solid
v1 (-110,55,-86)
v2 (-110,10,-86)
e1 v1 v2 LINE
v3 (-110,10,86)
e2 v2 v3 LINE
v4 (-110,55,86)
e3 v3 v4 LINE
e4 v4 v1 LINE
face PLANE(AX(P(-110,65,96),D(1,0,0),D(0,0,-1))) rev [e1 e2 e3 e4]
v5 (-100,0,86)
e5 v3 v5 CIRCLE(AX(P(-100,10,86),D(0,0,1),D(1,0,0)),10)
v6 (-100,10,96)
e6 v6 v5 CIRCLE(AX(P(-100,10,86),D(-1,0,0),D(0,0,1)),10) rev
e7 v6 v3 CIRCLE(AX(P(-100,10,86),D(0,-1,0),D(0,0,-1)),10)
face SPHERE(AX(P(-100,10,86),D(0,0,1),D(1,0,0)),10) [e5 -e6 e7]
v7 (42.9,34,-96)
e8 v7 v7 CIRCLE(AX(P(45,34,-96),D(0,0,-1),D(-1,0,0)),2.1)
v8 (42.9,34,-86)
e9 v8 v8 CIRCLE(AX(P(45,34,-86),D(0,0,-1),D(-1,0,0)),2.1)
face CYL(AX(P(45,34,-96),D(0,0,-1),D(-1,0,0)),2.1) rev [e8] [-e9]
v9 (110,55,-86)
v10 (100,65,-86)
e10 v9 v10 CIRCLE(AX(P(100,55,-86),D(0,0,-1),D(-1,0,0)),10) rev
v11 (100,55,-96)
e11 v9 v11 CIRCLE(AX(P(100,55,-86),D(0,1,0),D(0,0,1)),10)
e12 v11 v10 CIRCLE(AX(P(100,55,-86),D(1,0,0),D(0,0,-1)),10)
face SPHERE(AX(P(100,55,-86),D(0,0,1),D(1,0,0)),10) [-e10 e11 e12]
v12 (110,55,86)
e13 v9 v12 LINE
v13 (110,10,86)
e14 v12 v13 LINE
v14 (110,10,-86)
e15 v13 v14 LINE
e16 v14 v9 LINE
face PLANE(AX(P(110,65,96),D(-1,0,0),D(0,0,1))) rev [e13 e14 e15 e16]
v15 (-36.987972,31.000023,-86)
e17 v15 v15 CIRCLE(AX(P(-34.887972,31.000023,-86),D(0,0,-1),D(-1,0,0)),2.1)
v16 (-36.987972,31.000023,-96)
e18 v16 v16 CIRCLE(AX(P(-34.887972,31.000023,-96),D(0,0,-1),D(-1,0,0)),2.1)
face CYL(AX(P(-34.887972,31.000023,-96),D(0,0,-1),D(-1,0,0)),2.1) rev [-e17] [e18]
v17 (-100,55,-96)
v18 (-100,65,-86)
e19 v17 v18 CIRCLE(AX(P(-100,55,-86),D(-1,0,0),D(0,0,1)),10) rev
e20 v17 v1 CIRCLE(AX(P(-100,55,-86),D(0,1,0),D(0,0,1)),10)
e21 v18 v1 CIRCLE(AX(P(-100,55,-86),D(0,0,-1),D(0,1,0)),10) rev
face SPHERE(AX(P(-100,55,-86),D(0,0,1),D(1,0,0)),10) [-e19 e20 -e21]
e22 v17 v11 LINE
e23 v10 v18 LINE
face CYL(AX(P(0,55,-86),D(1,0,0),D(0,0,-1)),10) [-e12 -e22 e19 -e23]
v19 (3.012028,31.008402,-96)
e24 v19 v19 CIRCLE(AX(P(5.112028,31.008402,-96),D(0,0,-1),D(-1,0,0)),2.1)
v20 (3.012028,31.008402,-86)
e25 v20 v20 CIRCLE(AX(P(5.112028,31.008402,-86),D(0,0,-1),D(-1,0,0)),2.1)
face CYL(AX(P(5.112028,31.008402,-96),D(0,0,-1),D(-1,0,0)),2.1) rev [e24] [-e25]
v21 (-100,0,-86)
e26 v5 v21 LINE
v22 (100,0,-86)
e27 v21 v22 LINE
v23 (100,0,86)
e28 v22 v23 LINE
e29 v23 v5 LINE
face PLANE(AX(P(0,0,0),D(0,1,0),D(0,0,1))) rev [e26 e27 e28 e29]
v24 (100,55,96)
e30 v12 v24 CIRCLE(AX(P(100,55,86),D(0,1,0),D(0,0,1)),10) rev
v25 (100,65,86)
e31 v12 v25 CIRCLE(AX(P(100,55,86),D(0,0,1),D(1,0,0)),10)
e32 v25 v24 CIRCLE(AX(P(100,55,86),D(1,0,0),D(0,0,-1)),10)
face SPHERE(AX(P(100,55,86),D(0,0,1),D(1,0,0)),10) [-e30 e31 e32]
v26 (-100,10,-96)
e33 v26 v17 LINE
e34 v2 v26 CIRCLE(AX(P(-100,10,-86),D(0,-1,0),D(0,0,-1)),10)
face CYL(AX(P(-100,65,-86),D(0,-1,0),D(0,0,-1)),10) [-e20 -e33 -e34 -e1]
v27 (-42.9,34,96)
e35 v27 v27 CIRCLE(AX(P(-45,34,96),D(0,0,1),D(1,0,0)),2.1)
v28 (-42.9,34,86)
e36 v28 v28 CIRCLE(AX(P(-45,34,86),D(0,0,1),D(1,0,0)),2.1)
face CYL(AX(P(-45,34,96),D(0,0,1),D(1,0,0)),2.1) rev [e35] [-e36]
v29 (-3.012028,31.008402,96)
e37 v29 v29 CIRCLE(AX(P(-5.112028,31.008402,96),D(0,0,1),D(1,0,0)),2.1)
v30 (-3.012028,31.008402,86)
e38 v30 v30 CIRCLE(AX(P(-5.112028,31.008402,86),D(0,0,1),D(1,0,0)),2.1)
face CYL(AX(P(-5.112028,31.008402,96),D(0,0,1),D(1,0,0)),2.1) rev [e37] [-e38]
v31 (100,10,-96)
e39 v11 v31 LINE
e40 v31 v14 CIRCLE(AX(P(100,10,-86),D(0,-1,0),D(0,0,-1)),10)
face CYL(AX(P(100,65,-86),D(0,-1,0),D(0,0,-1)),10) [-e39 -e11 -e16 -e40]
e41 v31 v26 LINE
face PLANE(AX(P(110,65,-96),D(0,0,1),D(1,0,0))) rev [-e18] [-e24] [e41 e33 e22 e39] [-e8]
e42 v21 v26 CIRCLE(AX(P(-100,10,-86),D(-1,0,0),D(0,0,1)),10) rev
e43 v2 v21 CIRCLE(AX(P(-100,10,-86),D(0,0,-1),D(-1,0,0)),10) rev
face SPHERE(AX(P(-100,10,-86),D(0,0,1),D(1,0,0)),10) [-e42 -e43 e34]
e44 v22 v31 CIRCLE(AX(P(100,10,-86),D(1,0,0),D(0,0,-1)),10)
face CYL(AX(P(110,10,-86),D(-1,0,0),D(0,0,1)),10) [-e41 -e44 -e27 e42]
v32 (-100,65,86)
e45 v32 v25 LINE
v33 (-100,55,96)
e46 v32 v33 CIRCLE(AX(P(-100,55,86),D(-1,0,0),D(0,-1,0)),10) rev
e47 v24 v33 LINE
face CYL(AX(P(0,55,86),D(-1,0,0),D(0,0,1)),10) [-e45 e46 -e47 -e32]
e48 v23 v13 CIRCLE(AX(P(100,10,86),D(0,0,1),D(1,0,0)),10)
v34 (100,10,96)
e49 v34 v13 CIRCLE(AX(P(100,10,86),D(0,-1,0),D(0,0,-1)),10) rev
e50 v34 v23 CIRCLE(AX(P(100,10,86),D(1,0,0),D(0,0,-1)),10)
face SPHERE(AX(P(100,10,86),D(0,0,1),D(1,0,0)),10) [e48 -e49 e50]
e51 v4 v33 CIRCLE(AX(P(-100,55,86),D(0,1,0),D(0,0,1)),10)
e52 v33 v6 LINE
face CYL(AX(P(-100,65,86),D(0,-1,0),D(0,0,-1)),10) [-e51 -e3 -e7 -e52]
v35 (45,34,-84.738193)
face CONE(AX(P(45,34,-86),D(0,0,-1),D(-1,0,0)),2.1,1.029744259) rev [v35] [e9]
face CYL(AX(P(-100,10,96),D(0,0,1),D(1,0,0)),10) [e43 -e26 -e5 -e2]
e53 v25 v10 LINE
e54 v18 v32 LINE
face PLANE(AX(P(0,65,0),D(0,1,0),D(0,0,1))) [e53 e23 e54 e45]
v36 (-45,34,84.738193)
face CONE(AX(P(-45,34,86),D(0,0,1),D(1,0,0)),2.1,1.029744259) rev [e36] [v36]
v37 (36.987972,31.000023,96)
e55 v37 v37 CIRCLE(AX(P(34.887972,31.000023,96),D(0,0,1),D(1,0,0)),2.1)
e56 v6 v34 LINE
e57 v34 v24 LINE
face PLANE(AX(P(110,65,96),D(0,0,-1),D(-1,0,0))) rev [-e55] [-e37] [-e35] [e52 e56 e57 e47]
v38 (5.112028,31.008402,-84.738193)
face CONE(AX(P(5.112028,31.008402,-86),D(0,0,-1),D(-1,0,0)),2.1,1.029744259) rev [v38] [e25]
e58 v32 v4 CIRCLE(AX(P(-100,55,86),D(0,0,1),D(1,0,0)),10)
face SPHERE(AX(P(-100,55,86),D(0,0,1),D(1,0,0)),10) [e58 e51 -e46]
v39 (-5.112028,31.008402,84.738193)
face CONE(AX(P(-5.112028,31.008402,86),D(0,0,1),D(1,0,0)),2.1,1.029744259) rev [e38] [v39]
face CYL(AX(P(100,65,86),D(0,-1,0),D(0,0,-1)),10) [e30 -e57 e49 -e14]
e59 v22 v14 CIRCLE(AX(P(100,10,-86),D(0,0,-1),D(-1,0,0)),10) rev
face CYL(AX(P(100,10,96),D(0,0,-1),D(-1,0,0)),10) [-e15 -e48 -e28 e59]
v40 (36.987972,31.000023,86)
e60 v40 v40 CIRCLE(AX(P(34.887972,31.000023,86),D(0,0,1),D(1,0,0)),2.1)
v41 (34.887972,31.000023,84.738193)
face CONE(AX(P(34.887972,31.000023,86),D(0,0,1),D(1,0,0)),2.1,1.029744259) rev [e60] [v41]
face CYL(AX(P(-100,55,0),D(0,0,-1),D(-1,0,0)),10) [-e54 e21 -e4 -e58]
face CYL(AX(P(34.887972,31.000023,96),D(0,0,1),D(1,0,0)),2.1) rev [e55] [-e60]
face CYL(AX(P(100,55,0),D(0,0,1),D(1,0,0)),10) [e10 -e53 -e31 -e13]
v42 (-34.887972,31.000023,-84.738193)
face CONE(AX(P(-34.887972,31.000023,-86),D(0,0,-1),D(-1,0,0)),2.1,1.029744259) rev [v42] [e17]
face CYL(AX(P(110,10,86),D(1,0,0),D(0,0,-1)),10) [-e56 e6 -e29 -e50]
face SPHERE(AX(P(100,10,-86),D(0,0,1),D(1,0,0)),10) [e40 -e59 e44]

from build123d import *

# Parameters (mm, degrees)
SKETCH1_W                      = 220
SKETCH1_H                      = 192
BOSS_EXTRUDE1_DEPTH            = 65
FILLET1_R                      = 10
F_4_2_4_2_DIAMETER_HOLE1_D     = 4.2
F_4_2_4_2_DIAMETER_HOLE1_DEPTH = 10
F_4_2_4_2_DIAMETER_HOLE1_TIP   = 1.2618073
F_4_2_4_2_DIAMETER_HOLE2_D     = 4.2
F_4_2_4_2_DIAMETER_HOLE2_DEPTH = 10
F_4_2_4_2_DIAMETER_HOLE2_TIP   = 1.2618073


with BuildPart() as part:
    # Sketch1 → Boss-Extrude1 (new body)
    with BuildSketch(Plane(origin=(0, 0, 0), x_dir=(1, 0, 0), z_dir=(0, 1, 0))):
        Rectangle(SKETCH1_W, SKETCH1_H)
    extrude(amount=BOSS_EXTRUDE1_DEPTH)

    # Fillet1
    fillet1_edges = [part.edges().sort_by_distance(p)[0] for p in [
        (110, 65, 0),
        (0, 65, -96),
        (-110, 65, 0),
        (0, 0, -96),
        (110, 0, 0),
        (0, 0, 96),
        (-110, 0, 0),
        (0, 65, 96),
        (-110, 32.5, -96),
        (110, 32.5, -96),
        (110, 32.5, 96),
        (-110, 32.5, 96),
    ]]
    fillet(fillet1_edges, radius=FILLET1_R)

    # Ø4.2 (4.2) Diameter Hole1
    with Locations(Plane.XY.offset(96)):
        with Locations((-45, 34), (-5.112027604, 31.00840207), (34.887971518, 31.000023466)):
            Hole(F_4_2_4_2_DIAMETER_HOLE1_D / 2, depth=F_4_2_4_2_DIAMETER_HOLE1_DEPTH)
            with Locations((0, 0, -(F_4_2_4_2_DIAMETER_HOLE1_DEPTH + F_4_2_4_2_DIAMETER_HOLE1_TIP / 2))):  # 118° drill point
                Cone(0, F_4_2_4_2_DIAMETER_HOLE1_D / 2, F_4_2_4_2_DIAMETER_HOLE1_TIP, mode=Mode.SUBTRACT)

    # Ø4.2 (4.2) Diameter Hole2
    with Locations(Plane(origin=(0, 0, -96), x_dir=(-1, 0, 0), z_dir=(0, 0, -1))):
        with Locations((-45, 34), (-5.112027604, 31.00840207), (34.887971518, 31.000023466)):
            Hole(F_4_2_4_2_DIAMETER_HOLE2_D / 2, depth=F_4_2_4_2_DIAMETER_HOLE2_DEPTH)
            with Locations((0, 0, -(F_4_2_4_2_DIAMETER_HOLE2_DEPTH + F_4_2_4_2_DIAMETER_HOLE2_TIP / 2))):  # 118° drill point
                Cone(0, F_4_2_4_2_DIAMETER_HOLE2_D / 2, F_4_2_4_2_DIAMETER_HOLE2_TIP, mode=Mode.SUBTRACT)


solid = part.part
